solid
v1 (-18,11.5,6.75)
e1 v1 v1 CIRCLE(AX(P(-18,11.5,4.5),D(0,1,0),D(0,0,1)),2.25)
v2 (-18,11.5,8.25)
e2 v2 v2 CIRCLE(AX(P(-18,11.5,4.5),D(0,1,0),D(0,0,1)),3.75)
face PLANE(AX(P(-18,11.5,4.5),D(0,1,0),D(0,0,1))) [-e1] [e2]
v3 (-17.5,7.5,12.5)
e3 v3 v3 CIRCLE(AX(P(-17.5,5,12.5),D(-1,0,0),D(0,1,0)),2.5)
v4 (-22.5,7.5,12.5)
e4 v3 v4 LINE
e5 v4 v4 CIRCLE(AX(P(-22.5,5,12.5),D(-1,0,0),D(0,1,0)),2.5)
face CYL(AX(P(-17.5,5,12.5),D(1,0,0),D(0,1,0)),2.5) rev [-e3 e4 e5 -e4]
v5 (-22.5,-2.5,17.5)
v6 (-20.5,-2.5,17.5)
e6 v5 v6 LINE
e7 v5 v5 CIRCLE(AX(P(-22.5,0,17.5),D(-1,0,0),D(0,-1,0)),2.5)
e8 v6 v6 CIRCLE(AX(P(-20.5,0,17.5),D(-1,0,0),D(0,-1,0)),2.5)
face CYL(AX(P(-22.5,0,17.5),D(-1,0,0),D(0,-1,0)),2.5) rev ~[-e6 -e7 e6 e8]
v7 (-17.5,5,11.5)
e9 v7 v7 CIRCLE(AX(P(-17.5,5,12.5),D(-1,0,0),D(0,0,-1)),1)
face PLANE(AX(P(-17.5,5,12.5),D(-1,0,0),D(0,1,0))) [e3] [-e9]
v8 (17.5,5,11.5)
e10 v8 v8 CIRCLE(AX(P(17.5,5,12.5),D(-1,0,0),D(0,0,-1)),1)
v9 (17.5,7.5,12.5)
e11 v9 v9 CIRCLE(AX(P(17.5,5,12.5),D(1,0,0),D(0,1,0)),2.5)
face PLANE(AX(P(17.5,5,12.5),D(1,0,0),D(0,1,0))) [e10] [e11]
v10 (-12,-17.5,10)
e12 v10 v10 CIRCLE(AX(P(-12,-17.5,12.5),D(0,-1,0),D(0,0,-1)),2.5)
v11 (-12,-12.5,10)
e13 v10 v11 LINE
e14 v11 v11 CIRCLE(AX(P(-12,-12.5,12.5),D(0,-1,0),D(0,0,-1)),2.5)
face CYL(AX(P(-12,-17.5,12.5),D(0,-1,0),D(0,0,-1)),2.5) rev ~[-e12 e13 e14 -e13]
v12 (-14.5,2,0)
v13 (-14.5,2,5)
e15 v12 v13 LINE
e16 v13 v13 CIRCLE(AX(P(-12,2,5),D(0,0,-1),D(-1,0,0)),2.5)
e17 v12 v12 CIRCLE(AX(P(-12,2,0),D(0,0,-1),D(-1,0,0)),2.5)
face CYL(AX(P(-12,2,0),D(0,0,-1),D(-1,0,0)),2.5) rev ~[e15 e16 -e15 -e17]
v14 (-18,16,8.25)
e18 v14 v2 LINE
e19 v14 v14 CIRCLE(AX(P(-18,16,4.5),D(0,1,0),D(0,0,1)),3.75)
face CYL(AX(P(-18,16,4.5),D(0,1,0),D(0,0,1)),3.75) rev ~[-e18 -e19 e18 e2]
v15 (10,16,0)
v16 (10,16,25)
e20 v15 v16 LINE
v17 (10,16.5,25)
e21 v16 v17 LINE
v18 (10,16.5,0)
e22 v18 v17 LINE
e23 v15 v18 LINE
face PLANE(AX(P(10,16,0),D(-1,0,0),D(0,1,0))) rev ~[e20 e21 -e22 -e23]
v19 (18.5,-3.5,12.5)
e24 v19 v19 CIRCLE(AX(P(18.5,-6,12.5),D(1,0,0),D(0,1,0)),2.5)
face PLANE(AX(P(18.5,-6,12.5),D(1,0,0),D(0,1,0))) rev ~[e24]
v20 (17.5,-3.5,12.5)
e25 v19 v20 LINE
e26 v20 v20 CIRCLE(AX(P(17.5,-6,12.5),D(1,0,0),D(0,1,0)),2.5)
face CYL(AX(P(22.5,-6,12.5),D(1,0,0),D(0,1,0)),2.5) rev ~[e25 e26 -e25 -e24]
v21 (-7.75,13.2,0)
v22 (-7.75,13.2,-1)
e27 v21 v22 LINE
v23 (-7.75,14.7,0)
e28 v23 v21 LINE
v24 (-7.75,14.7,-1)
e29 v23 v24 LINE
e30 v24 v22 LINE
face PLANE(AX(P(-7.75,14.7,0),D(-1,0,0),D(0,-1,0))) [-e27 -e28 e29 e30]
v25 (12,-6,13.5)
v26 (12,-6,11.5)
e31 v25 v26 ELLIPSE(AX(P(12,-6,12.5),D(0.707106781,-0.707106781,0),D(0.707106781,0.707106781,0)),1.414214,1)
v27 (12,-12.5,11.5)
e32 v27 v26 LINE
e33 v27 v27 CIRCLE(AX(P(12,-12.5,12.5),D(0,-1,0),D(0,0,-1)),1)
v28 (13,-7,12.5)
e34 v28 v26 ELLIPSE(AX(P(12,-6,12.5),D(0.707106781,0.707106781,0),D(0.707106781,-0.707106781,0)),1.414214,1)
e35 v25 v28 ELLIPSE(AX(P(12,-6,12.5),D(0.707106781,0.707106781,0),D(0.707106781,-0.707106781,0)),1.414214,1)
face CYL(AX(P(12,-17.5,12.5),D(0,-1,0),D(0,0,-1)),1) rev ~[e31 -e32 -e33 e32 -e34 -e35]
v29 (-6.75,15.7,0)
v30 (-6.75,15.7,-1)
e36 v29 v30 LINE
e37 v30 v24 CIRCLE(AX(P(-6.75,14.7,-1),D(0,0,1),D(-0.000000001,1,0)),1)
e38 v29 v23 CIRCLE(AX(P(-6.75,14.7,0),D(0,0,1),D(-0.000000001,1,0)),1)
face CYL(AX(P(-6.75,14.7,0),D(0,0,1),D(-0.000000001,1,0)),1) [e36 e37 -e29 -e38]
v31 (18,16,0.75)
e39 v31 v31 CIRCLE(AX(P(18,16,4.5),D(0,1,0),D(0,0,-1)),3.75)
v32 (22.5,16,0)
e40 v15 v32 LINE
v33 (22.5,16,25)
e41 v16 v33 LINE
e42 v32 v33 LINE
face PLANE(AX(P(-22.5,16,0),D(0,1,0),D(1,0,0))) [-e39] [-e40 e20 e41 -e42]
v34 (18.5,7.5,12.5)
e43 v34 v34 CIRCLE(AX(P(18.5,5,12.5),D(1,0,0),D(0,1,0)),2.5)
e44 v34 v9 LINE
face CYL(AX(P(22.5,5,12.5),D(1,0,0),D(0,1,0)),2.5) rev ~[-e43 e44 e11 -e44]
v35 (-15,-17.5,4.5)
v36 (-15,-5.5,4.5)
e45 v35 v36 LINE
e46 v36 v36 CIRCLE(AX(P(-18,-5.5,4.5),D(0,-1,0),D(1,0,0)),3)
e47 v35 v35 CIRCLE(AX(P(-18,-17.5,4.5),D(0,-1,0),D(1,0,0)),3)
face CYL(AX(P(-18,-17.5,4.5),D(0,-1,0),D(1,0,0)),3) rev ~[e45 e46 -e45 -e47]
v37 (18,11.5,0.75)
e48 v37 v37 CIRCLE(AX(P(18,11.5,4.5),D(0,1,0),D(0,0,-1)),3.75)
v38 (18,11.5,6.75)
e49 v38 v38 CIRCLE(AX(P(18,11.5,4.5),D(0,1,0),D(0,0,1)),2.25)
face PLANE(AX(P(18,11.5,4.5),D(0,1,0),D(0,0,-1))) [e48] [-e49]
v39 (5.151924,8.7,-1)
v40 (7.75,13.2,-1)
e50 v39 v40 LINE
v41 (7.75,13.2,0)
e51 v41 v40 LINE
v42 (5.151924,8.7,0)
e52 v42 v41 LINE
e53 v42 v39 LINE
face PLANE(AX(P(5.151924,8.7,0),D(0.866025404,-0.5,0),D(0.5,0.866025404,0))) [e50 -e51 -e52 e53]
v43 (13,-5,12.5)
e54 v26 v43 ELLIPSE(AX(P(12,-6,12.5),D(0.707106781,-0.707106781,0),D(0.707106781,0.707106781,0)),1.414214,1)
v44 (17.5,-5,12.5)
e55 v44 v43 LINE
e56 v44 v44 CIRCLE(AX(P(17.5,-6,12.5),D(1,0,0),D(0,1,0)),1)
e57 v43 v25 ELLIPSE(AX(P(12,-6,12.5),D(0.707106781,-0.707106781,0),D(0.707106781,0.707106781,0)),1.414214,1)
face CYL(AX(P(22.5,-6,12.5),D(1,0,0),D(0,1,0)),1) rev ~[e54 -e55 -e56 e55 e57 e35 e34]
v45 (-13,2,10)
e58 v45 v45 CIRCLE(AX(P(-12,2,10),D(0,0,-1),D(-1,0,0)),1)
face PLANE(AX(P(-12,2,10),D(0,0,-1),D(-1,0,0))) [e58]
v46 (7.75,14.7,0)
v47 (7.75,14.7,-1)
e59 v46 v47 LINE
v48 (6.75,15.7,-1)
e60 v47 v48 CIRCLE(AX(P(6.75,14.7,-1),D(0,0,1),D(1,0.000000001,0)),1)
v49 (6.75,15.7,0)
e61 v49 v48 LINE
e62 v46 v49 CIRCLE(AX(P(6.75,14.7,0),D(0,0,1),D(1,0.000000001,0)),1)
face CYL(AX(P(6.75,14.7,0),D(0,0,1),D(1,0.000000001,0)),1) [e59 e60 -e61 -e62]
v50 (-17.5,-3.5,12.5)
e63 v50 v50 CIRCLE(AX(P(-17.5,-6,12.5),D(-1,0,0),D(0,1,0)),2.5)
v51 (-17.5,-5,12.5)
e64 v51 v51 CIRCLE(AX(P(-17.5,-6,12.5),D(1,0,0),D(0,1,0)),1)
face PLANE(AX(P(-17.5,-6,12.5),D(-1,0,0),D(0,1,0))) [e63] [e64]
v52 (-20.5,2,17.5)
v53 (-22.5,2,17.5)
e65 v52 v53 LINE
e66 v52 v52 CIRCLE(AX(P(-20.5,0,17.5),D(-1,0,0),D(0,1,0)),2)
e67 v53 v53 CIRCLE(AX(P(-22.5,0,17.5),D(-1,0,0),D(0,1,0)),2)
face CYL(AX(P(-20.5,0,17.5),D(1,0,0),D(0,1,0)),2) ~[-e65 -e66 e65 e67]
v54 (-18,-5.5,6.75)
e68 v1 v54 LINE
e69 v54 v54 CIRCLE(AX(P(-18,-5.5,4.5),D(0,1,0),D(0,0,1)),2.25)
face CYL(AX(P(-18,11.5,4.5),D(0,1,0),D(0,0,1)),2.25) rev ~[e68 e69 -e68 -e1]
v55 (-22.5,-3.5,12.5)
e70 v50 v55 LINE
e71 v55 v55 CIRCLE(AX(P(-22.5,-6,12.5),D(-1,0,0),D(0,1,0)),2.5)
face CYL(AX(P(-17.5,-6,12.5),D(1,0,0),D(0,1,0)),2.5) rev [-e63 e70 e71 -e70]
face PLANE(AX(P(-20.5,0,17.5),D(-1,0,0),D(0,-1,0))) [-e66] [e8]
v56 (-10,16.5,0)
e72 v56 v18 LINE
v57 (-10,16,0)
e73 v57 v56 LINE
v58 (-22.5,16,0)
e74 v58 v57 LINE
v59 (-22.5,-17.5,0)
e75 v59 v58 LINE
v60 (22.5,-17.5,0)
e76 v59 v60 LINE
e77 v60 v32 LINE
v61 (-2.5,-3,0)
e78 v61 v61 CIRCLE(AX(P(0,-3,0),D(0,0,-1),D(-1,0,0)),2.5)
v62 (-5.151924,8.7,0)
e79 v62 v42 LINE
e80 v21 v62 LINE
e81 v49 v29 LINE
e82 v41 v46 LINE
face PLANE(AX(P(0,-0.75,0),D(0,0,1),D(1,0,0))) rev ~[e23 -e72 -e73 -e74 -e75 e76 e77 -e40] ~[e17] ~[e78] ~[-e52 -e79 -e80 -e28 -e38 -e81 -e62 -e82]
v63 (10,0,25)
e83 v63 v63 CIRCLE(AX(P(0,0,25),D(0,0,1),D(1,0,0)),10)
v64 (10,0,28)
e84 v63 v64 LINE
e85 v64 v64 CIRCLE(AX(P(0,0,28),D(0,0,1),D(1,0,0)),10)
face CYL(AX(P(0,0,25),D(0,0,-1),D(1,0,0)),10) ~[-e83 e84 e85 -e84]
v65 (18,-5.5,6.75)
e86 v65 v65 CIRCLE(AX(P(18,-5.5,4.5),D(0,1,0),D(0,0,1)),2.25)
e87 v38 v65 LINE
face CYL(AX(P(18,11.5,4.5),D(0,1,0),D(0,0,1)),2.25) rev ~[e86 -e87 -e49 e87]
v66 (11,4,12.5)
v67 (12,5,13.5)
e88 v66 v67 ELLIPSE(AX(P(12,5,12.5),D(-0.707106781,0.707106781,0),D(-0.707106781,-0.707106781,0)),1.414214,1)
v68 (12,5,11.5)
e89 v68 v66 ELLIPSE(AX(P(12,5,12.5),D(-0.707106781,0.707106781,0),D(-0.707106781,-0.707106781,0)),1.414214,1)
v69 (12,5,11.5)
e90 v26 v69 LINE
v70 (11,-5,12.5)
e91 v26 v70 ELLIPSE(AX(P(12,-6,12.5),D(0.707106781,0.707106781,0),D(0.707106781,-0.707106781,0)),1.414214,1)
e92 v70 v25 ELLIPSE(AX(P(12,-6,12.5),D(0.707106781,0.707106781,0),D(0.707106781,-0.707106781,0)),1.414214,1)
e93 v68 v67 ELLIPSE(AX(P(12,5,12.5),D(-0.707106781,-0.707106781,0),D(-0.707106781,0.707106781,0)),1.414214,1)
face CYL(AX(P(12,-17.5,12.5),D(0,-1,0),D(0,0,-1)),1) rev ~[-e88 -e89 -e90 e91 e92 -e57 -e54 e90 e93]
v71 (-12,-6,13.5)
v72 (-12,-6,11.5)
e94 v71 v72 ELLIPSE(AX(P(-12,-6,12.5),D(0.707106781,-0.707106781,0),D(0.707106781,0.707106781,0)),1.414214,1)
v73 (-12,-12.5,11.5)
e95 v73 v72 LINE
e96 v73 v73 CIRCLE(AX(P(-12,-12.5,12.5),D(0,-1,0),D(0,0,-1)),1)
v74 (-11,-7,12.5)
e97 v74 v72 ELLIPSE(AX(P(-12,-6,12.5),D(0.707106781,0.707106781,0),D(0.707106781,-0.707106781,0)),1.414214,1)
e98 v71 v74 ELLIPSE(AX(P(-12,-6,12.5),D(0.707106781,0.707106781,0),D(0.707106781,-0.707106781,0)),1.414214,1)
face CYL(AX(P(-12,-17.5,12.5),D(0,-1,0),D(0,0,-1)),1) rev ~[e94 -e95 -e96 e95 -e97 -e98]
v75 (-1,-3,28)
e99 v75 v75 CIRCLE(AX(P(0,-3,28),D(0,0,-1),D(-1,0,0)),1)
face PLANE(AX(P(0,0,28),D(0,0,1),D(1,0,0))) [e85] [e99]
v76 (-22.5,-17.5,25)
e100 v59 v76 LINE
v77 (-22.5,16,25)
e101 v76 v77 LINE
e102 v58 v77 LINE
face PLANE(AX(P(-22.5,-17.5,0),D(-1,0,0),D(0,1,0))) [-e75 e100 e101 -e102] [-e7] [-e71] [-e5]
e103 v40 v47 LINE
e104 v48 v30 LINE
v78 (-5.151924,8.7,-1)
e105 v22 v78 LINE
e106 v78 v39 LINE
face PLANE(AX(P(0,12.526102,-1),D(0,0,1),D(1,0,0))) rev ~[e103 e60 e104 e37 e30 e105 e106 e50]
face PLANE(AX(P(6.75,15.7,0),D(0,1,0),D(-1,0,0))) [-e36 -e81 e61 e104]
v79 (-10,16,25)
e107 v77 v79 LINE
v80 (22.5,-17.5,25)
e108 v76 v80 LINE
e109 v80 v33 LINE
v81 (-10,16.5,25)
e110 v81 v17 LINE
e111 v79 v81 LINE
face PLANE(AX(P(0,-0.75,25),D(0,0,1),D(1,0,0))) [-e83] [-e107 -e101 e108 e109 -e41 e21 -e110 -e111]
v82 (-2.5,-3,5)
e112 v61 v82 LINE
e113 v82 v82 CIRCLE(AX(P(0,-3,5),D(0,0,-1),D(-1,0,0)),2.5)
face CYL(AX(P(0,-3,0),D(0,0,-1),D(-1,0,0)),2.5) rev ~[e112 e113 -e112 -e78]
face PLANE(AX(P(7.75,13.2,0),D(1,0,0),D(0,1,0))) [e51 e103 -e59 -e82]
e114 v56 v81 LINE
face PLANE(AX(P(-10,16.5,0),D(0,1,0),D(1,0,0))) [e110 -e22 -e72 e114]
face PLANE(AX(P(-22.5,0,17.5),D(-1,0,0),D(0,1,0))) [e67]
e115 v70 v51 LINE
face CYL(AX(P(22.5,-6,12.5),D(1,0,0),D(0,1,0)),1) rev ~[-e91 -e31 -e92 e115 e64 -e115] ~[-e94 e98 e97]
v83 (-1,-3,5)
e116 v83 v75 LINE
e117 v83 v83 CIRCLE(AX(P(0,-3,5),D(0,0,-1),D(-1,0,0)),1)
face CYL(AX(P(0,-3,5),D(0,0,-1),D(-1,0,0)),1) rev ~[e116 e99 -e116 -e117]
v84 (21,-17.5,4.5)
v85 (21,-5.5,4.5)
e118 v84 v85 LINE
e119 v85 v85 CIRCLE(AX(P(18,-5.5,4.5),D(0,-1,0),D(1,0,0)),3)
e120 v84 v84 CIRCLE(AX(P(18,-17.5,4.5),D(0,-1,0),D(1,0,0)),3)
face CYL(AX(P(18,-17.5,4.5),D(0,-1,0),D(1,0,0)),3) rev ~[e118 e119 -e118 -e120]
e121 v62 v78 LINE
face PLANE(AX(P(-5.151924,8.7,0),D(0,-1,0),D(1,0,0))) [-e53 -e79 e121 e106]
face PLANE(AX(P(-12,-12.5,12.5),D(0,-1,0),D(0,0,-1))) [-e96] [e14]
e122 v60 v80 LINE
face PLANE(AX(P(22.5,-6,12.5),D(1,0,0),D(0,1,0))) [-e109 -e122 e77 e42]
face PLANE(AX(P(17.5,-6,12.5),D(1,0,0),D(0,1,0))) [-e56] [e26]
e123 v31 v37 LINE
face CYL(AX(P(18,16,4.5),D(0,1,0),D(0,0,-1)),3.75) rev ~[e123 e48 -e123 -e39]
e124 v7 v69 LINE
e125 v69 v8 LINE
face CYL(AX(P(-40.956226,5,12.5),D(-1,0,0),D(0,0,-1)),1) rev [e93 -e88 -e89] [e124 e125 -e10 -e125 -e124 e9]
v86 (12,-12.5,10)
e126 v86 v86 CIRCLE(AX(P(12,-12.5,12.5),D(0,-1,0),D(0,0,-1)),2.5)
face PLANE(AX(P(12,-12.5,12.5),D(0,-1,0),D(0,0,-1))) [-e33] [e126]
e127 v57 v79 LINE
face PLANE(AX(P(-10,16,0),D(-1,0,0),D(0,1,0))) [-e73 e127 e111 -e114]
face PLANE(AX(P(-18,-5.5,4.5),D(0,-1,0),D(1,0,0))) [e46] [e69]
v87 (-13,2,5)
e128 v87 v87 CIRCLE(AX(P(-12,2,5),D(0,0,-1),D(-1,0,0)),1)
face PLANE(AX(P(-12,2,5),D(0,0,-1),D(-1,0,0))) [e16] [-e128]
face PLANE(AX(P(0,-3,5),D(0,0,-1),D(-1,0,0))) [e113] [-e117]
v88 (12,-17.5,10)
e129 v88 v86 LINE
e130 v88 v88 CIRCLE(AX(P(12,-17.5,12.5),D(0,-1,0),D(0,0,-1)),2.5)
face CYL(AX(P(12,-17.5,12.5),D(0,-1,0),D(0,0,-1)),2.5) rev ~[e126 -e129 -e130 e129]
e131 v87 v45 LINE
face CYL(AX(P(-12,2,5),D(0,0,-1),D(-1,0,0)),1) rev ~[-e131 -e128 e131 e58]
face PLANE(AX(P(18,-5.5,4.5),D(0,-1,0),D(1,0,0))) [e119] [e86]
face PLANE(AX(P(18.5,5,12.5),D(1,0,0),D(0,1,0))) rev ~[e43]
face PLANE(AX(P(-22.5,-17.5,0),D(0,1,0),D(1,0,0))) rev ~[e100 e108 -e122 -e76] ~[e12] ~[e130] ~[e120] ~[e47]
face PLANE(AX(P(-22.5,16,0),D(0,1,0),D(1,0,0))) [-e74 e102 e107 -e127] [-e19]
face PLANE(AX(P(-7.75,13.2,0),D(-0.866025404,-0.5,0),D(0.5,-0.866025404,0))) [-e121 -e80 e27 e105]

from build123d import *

# Parameters (mm, degrees)
SKETCH1_W                     = 45
SKETCH1_H                     = 33.5
BASE_EXTRUDE_DEPTH            = 25
SKETCH2_W                     = 20
SKETCH2_H                     = 0.5
TOPBOSS_DEPTH                 = 25
SKETCH3_R                     = 10
INSERT_DEPTH                  = 3
SKETCH5_R                     = 3.75
TOPCBORES_DEPTH               = 4.5
SKETCH6_R                     = 2.25
TOPTHRUHOLES_DEPTH            = 47.165463282
PORTTHRUHOLETOP_DEPTH         = 40.956226048
PORTTHRUHOLETOP_DEPTH_BACK    = 40.956226048
SKETCH18_R                    = 1
SKETCH24_R                    = 1
PORTTHRUHOLEBOTTOM_DEPTH      = 56.814424659
SKETCH25_R                    = 2.5
SIDEACBORETOP_DEPTH           = 5
SIDEBCBORETOP_START           = -5
SKETCH26_R                    = 2.5
SIDEBCBORETOP_DEPTH           = 5
SKETCH28_R                    = 2.5
SIDEACBOREBOTTOM_DEPTH        = 5
SIDEBCBOREBOTTOM_START        = -5
SKETCH29_R                    = 2.5
SIDEBCBOREBOTTOM_DEPTH        = 5
SKETCH19_R                    = 2.5
CVALVECUT2_DEPTH              = 2
SKETCH30_R                    = 2
CVALVE2_DEPTH                 = 2
SKETCH20_R                    = 2.5
EXTRUDE_1_DEPTH               = 4
SKETCH21_R                    = 2.5
EXTRUDE_2_DEPTH               = 4
SKETCH35_R                    = 2.5
CENTERENDPORTH_R_G_DEPTH      = 5
SKETCH36_R                    = 1
CENTERENDPORTH_R_G_THRU_DEPTH = 37.626493144
SKETCH37_R                    = 2.5
OFFCENTERENDPORTH_R_DEPTH     = 5
SKETCH38_R                    = 1
OFFCENTERENDPORTH_RTHRU_DEPTH = 5
PLASTICCAP_DEPTH              = 1
SKETCH40_R                    = 2.5
BOTTOMPORTS_DEPTH             = 5
SKETCH41_R                    = 1
BOTTOMAPASSAGE_DEPTH          = 22.5
SKETCH42_R                    = 1
BOTTOMBPASSAGE_DEPTH          = 11.5
SKETCH43_R                    = 3
CUT_EXTRUDE1_DEPTH            = 12


with BuildPart() as part:
    # Sketch1 → Base-Extrude (new body)
    with BuildSketch(Plane.XY):
        with Locations((0, -0.75)):
            Rectangle(SKETCH1_W, SKETCH1_H)
    extrude(amount=BASE_EXTRUDE_DEPTH)

    # Sketch2 → TopBoss (add)
    with BuildSketch(Plane.XY):
        with Locations((0, 16.25)):
            Rectangle(SKETCH2_W, SKETCH2_H)
    extrude(amount=TOPBOSS_DEPTH)

    # Sketch3 → Insert (add)
    with BuildSketch(Plane.XY.offset(25)):
        Circle(SKETCH3_R)
    extrude(amount=INSERT_DEPTH)

    # Sketch5 → TopCbores (cut)
    with BuildSketch(Plane(origin=(0, 16, 0), x_dir=(-1, 0, 0), z_dir=(0, 1, 0))):
        with Locations(Location((18, 4.5, 0), (0, 0, 90))):
            Circle(SKETCH5_R)
        with Locations(Location((-18, 4.5, 0), (0, 0, 270))):
            Circle(SKETCH5_R)
    extrude(amount=-TOPCBORES_DEPTH, mode=Mode.SUBTRACT)

    # Sketch6 → TopThruHoles (cut, through all)
    with BuildSketch(Plane(origin=(0, 11.5, 0), x_dir=(-1, 0, 0), z_dir=(0, 1, 0))):
        with Locations(Location((-18, 4.5, 0), (0, 0, 90))):
            Circle(SKETCH6_R)
        with Locations(Location((18, 4.5, 0), (0, 0, 90))):
            Circle(SKETCH6_R)
    extrude(amount=-TOPTHRUHOLES_DEPTH, mode=Mode.SUBTRACT)

    # Sketch18 → PortThruHoleTop (cut, two sides: drawn at the far end of the back side and taken through both)
    with BuildSketch(Plane(origin=(0, 0, 0), x_dir=(0, 0, -1), z_dir=(1, 0, 0)).offset(-PORTTHRUHOLETOP_DEPTH_BACK)):
        with Locations((-12.5, 5)):
            Circle(SKETCH18_R)
    extrude(amount=PORTTHRUHOLETOP_DEPTH + PORTTHRUHOLETOP_DEPTH_BACK, mode=Mode.SUBTRACT)

    # Sketch24 → PortThruHoleBottom (cut, through all)
    with BuildSketch(Plane(origin=(22.5, 0, 0), x_dir=(0, 0, -1), z_dir=(1, 0, 0))):
        with Locations(Location((-12.5, -6, 0), (0, 0, 90))):
            Circle(SKETCH24_R)
    extrude(amount=-PORTTHRUHOLEBOTTOM_DEPTH, mode=Mode.SUBTRACT)

    # Sketch25 → SideACboreTop (cut)
    with BuildSketch(Plane(origin=(22.5, 0, 0), x_dir=(0, 0, -1), z_dir=(1, 0, 0))):
        with Locations(Location((-12.5, 5, 0), (0, 0, 90))):
            Circle(SKETCH25_R)
    extrude(amount=-SIDEACBORETOP_DEPTH, mode=Mode.SUBTRACT)

    # Sketch26 → SideBCboreTop (cut)
    with BuildSketch(Plane.ZY.offset(22.5).offset(SIDEBCBORETOP_START)):
        with Locations(Location((12.5, 5, 0), (0, 0, 90))):
            Circle(SKETCH26_R)
    extrude(amount=SIDEBCBORETOP_DEPTH, mode=Mode.SUBTRACT)

    # Sketch28 → SideACboreBottom (cut)
    with BuildSketch(Plane(origin=(22.5, 0, 0), x_dir=(0, 0, -1), z_dir=(1, 0, 0))):
        with Locations(Location((-12.5, -6, 0), (0, 0, 90))):
            Circle(SKETCH28_R)
    extrude(amount=-SIDEACBOREBOTTOM_DEPTH, mode=Mode.SUBTRACT)

    # Sketch29 → SideBCboreBottom (cut)
    with BuildSketch(Plane.ZY.offset(22.5).offset(SIDEBCBOREBOTTOM_START)):
        with Locations(Location((12.5, -6, 0), (0, 0, 90))):
            Circle(SKETCH29_R)
    extrude(amount=SIDEBCBOREBOTTOM_DEPTH, mode=Mode.SUBTRACT)

    # Sketch19 → CValveCut2 (cut)
    with BuildSketch(Plane.ZY.offset(22.5)):
        with Locations(Location((17.5, 0, 0), (0, 0, 270))):
            Circle(SKETCH19_R)
    extrude(amount=-CVALVECUT2_DEPTH, mode=Mode.SUBTRACT)

    # Sketch30 → CValve2 (add)
    with BuildSketch(Plane.ZY.offset(20.5)):
        with Locations(Location((17.5, 0, 0), (0, 0, 90))):
            Circle(SKETCH30_R)
    extrude(amount=CVALVE2_DEPTH)

    # Sketch20 → 1 (add)
    with BuildSketch(Plane(origin=(22.5, 0, 0), x_dir=(0, 0, -1), z_dir=(1, 0, 0))):
        with Locations(Location((-12.5, 5, 0), (0, 0, 90))):
            Circle(SKETCH20_R)
    extrude(amount=-EXTRUDE_1_DEPTH)

    # Sketch21 → 2 (add)
    with BuildSketch(Plane(origin=(22.5, 0, 0), x_dir=(0, 0, -1), z_dir=(1, 0, 0))):
        with Locations(Location((-12.5, -6, 0), (0, 0, 90))):
            Circle(SKETCH21_R)
    extrude(amount=-EXTRUDE_2_DEPTH)

    # Sketch35 → CenterEndPortH&R_G (cut)
    with BuildSketch(Plane(origin=(0, 0, 0), x_dir=(-1, 0, 0), z_dir=(0, 0, -1))):
        with Locations((0, -3)):
            Circle(SKETCH35_R)
    extrude(amount=-CENTERENDPORTH_R_G_DEPTH, mode=Mode.SUBTRACT)

    # Sketch36 → CenterEndPortH&R_G_Thru (cut, through all)
    with BuildSketch(Plane(origin=(0, 0, 5), x_dir=(-1, 0, 0), z_dir=(0, 0, -1))):
        with Locations((0, -3)):
            Circle(SKETCH36_R)
    extrude(amount=-CENTERENDPORTH_R_G_THRU_DEPTH, mode=Mode.SUBTRACT)

    # Sketch37 → OffCenterEndPortH&R (cut)
    with BuildSketch(Plane(origin=(0, 0, 0), x_dir=(-1, 0, 0), z_dir=(0, 0, -1))):
        with Locations((12, 2)):
            Circle(SKETCH37_R)
    extrude(amount=-OFFCENTERENDPORTH_R_DEPTH, mode=Mode.SUBTRACT)

    # Sketch38 → OffCenterEndPortH&RThru (cut)
    with BuildSketch(Plane(origin=(0, 0, 5), x_dir=(-1, 0, 0), z_dir=(0, 0, -1))):
        with Locations((12, 2)):
            Circle(SKETCH38_R)
    extrude(amount=-OFFCENTERENDPORTH_RTHRU_DEPTH, mode=Mode.SUBTRACT)

    # Sketch39 → PlasticCap (add)
    with BuildSketch(Plane(origin=(0, 0, 0), x_dir=(-1, 0, 0), z_dir=(0, 0, -1))):
        with BuildLine():
            Line((-6.75, 15.7), (6.75, 15.7))
            ThreePointArc((6.75, 15.7), (7.457106781, 15.407106781), (7.75, 14.7))
            Line((7.75, 14.7), (7.75, 13.2))
            Line((7.75, 13.2), (5.151923789, 8.7))
            Line((5.151923789, 8.7), (-5.151923789, 8.7))
            Line((-5.151923789, 8.7), (-7.75, 13.2))
            Line((-7.75, 13.2), (-7.75, 14.7))
            ThreePointArc((-7.75, 14.7), (-7.457106781, 15.407106781), (-6.75, 15.7))
        make_face()
    extrude(amount=PLASTICCAP_DEPTH)

    # Sketch40 → BottomPorts (cut)
    with BuildSketch(Plane.XZ.offset(17.5)):
        with Locations(Location((12, 12.5, 0), (0, 0, 270))):
            Circle(SKETCH40_R)
        with Locations(Location((-12, 12.5, 0), (0, 0, 270))):
            Circle(SKETCH40_R)
    extrude(amount=-BOTTOMPORTS_DEPTH, mode=Mode.SUBTRACT)

    # Sketch41 → BottomAPassage (cut)
    with BuildSketch(Plane.XZ.offset(17.5)):
        with Locations(Location((12, 12.5, 0), (0, 0, 270))):
            Circle(SKETCH41_R)
    extrude(amount=-BOTTOMAPASSAGE_DEPTH, mode=Mode.SUBTRACT)

    # Sketch42 → BottomBPassage (cut)
    with BuildSketch(Plane.XZ.offset(17.5)):
        with Locations(Location((-12, 12.5, 0), (0, 0, 270))):
            Circle(SKETCH42_R)
    extrude(amount=-BOTTOMBPASSAGE_DEPTH, mode=Mode.SUBTRACT)

    # Sketch43 → Cut-Extrude1 (cut)
    with BuildSketch(Plane.XZ.offset(17.5)):
        with Locations((-18, 4.5)):
            Circle(SKETCH43_R)
        with Locations((18, 4.5)):
            Circle(SKETCH43_R)
    extrude(amount=-CUT_EXTRUDE1_DEPTH, mode=Mode.SUBTRACT)


solid = part.part
